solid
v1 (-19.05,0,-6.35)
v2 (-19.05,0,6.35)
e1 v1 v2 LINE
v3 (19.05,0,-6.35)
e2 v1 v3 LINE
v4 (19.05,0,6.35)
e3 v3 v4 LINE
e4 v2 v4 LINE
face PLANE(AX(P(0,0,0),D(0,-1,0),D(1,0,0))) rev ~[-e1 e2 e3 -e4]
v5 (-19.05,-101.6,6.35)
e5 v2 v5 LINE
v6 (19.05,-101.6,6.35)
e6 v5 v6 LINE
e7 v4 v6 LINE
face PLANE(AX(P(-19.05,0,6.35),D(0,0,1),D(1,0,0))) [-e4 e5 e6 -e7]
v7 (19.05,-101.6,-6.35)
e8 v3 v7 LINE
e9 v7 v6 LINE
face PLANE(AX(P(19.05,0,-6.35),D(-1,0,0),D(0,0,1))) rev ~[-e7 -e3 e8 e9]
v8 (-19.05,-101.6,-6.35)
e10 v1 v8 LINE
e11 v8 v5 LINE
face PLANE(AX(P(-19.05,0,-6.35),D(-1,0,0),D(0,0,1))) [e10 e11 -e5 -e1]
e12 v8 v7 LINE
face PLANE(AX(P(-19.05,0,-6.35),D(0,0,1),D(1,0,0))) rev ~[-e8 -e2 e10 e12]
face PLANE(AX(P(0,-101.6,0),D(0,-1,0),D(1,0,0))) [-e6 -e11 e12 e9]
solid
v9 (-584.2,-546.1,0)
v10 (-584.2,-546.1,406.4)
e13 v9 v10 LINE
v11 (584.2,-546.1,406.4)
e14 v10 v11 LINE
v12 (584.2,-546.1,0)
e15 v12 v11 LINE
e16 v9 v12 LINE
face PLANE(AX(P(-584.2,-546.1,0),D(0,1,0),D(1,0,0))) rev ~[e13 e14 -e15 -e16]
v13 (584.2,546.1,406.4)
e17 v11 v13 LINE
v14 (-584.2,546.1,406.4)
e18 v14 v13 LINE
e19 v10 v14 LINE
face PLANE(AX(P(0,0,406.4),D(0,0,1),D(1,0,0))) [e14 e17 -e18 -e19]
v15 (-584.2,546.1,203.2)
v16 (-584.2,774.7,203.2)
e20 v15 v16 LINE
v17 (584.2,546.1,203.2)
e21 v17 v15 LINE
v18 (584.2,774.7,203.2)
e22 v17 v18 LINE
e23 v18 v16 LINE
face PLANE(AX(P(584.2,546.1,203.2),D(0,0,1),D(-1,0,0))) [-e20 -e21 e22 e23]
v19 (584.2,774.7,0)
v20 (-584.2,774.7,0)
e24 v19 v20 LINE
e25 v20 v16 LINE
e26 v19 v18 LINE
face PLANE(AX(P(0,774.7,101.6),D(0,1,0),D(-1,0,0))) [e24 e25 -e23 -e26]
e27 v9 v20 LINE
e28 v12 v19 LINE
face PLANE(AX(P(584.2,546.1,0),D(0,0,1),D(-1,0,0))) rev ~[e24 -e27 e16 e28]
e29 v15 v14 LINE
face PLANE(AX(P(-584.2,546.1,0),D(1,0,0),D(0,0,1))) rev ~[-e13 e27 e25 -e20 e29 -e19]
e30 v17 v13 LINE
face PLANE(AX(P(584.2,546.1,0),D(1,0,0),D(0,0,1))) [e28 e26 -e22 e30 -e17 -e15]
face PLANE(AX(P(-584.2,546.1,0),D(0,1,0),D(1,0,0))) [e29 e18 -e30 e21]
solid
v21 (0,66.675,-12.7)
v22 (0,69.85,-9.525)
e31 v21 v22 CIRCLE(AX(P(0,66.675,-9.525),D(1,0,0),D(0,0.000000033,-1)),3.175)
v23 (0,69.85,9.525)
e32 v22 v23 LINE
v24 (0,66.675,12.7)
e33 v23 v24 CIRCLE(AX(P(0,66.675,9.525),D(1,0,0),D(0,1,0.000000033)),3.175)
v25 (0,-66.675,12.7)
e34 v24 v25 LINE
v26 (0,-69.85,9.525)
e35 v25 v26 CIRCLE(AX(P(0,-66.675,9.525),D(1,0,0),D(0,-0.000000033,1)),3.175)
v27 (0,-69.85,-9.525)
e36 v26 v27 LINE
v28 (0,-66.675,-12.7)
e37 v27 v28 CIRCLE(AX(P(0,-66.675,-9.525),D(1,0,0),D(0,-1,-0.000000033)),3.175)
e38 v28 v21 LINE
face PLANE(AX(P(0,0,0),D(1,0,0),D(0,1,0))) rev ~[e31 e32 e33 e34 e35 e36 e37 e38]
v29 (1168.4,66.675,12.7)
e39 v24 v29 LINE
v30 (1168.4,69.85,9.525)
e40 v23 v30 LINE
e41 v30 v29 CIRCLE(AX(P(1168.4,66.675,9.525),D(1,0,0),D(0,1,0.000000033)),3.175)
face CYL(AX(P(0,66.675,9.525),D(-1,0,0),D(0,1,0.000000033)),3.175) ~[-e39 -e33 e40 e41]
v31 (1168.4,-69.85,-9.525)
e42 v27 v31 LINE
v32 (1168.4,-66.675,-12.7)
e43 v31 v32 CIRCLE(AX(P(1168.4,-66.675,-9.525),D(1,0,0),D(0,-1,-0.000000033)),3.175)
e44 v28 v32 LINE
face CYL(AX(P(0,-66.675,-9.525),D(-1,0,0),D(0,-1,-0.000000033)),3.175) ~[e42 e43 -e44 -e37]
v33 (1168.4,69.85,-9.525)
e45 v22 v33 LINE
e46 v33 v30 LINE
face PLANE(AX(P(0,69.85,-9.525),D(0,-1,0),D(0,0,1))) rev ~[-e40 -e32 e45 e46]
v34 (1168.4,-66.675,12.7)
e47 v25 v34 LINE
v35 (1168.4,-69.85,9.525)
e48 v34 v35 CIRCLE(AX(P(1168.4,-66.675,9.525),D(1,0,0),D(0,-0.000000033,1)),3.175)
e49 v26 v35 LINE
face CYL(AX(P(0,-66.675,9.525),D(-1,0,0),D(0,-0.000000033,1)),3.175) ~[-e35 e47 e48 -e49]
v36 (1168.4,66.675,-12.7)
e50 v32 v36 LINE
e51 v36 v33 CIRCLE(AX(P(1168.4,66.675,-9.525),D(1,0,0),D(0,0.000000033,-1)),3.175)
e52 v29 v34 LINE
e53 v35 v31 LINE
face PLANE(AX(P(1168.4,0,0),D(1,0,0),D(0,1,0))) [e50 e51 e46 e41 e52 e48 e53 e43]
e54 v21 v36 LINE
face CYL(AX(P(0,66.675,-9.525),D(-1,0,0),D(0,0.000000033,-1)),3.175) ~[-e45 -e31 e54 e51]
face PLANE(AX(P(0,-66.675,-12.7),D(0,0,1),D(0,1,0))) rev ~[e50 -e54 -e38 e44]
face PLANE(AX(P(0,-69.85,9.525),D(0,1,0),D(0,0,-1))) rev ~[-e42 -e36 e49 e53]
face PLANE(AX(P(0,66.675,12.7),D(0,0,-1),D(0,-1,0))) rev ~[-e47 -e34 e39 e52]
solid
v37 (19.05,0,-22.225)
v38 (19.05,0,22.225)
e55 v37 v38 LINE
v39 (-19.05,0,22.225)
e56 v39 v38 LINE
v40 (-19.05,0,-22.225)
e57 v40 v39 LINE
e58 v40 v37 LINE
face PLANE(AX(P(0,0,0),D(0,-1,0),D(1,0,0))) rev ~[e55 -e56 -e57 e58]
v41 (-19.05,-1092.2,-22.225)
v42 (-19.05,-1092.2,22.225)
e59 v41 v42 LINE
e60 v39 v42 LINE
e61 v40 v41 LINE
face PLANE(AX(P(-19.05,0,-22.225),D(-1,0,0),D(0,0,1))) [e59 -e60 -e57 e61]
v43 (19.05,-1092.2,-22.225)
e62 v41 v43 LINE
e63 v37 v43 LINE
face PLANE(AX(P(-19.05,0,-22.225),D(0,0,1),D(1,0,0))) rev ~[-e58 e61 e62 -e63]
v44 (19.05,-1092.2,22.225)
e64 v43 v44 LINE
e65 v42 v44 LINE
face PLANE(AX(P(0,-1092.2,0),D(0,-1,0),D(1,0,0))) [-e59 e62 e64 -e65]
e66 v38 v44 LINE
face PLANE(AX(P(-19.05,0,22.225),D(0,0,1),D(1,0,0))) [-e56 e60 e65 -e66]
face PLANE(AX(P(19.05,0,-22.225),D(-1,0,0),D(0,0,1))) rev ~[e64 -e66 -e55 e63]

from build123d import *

# Parameters (mm, degrees)
F0_W     = 38.1
F0_H     = 12.7
F1_DEPTH = 101.6
F2_W     = 38.1
F2_H     = 44.45
F3_DEPTH = 1092.2
F5_DEPTH = 1168.4
F6_W     = 1168.4
F6_H     = 1092.2
F7_DEPTH = 406.4
F8_W     = 1168.4
F8_H     = 203.2
F9_DEPTH = 228.6


with BuildPart() as f1:
    # F0 (on Front) → F1 (new body)
    with BuildSketch(Plane.XZ):
        Rectangle(F0_W, F0_H)
    extrude(amount=F1_DEPTH)


with BuildPart() as f3:
    # F2 (on Front) → F3 (new body)
    with BuildSketch(Plane.XZ):
        Rectangle(F2_W, F2_H)
    extrude(amount=F3_DEPTH)


with BuildPart() as f5:
    # F4 (on Right) → F5 (new body)
    with BuildSketch(Plane.YZ):
        with BuildLine():
            Line((-66.675, -12.7), (66.675, -12.7))
            ThreePointArc((66.675, -12.7), (68.920064, -11.770064), (69.85, -9.525))
            Line((69.85, -9.525), (69.85, 9.525))
            ThreePointArc((69.85, 9.525), (68.920064, 11.770064), (66.675, 12.7))
            Line((66.675, 12.7), (-66.675, 12.7))
            ThreePointArc((-66.675, 12.7), (-68.920064, 11.770064), (-69.85, 9.525))
            Line((-69.85, 9.525), (-69.85, -9.525))
            ThreePointArc((-69.85, -9.525), (-68.920064, -11.770064), (-66.675, -12.7))
        make_face()
    extrude(amount=F5_DEPTH)


with BuildPart() as f7:
    # F6 (on Top) → F7 (new body)
    with BuildSketch(Plane.XY):
        Rectangle(F6_W, F6_H)
    extrude(amount=F7_DEPTH)

    # F8 (on face) → F9 (join)
    with BuildSketch(Plane(origin=(0, 546.1, 0), x_dir=(-1, 0, 0), z_dir=(0, 1, 0))):
        with Locations((0, 101.6)):
            Rectangle(F8_W, F8_H)
    extrude(amount=F9_DEPTH)


solid = Compound([f1.part, f3.part, f5.part, f7.part])
